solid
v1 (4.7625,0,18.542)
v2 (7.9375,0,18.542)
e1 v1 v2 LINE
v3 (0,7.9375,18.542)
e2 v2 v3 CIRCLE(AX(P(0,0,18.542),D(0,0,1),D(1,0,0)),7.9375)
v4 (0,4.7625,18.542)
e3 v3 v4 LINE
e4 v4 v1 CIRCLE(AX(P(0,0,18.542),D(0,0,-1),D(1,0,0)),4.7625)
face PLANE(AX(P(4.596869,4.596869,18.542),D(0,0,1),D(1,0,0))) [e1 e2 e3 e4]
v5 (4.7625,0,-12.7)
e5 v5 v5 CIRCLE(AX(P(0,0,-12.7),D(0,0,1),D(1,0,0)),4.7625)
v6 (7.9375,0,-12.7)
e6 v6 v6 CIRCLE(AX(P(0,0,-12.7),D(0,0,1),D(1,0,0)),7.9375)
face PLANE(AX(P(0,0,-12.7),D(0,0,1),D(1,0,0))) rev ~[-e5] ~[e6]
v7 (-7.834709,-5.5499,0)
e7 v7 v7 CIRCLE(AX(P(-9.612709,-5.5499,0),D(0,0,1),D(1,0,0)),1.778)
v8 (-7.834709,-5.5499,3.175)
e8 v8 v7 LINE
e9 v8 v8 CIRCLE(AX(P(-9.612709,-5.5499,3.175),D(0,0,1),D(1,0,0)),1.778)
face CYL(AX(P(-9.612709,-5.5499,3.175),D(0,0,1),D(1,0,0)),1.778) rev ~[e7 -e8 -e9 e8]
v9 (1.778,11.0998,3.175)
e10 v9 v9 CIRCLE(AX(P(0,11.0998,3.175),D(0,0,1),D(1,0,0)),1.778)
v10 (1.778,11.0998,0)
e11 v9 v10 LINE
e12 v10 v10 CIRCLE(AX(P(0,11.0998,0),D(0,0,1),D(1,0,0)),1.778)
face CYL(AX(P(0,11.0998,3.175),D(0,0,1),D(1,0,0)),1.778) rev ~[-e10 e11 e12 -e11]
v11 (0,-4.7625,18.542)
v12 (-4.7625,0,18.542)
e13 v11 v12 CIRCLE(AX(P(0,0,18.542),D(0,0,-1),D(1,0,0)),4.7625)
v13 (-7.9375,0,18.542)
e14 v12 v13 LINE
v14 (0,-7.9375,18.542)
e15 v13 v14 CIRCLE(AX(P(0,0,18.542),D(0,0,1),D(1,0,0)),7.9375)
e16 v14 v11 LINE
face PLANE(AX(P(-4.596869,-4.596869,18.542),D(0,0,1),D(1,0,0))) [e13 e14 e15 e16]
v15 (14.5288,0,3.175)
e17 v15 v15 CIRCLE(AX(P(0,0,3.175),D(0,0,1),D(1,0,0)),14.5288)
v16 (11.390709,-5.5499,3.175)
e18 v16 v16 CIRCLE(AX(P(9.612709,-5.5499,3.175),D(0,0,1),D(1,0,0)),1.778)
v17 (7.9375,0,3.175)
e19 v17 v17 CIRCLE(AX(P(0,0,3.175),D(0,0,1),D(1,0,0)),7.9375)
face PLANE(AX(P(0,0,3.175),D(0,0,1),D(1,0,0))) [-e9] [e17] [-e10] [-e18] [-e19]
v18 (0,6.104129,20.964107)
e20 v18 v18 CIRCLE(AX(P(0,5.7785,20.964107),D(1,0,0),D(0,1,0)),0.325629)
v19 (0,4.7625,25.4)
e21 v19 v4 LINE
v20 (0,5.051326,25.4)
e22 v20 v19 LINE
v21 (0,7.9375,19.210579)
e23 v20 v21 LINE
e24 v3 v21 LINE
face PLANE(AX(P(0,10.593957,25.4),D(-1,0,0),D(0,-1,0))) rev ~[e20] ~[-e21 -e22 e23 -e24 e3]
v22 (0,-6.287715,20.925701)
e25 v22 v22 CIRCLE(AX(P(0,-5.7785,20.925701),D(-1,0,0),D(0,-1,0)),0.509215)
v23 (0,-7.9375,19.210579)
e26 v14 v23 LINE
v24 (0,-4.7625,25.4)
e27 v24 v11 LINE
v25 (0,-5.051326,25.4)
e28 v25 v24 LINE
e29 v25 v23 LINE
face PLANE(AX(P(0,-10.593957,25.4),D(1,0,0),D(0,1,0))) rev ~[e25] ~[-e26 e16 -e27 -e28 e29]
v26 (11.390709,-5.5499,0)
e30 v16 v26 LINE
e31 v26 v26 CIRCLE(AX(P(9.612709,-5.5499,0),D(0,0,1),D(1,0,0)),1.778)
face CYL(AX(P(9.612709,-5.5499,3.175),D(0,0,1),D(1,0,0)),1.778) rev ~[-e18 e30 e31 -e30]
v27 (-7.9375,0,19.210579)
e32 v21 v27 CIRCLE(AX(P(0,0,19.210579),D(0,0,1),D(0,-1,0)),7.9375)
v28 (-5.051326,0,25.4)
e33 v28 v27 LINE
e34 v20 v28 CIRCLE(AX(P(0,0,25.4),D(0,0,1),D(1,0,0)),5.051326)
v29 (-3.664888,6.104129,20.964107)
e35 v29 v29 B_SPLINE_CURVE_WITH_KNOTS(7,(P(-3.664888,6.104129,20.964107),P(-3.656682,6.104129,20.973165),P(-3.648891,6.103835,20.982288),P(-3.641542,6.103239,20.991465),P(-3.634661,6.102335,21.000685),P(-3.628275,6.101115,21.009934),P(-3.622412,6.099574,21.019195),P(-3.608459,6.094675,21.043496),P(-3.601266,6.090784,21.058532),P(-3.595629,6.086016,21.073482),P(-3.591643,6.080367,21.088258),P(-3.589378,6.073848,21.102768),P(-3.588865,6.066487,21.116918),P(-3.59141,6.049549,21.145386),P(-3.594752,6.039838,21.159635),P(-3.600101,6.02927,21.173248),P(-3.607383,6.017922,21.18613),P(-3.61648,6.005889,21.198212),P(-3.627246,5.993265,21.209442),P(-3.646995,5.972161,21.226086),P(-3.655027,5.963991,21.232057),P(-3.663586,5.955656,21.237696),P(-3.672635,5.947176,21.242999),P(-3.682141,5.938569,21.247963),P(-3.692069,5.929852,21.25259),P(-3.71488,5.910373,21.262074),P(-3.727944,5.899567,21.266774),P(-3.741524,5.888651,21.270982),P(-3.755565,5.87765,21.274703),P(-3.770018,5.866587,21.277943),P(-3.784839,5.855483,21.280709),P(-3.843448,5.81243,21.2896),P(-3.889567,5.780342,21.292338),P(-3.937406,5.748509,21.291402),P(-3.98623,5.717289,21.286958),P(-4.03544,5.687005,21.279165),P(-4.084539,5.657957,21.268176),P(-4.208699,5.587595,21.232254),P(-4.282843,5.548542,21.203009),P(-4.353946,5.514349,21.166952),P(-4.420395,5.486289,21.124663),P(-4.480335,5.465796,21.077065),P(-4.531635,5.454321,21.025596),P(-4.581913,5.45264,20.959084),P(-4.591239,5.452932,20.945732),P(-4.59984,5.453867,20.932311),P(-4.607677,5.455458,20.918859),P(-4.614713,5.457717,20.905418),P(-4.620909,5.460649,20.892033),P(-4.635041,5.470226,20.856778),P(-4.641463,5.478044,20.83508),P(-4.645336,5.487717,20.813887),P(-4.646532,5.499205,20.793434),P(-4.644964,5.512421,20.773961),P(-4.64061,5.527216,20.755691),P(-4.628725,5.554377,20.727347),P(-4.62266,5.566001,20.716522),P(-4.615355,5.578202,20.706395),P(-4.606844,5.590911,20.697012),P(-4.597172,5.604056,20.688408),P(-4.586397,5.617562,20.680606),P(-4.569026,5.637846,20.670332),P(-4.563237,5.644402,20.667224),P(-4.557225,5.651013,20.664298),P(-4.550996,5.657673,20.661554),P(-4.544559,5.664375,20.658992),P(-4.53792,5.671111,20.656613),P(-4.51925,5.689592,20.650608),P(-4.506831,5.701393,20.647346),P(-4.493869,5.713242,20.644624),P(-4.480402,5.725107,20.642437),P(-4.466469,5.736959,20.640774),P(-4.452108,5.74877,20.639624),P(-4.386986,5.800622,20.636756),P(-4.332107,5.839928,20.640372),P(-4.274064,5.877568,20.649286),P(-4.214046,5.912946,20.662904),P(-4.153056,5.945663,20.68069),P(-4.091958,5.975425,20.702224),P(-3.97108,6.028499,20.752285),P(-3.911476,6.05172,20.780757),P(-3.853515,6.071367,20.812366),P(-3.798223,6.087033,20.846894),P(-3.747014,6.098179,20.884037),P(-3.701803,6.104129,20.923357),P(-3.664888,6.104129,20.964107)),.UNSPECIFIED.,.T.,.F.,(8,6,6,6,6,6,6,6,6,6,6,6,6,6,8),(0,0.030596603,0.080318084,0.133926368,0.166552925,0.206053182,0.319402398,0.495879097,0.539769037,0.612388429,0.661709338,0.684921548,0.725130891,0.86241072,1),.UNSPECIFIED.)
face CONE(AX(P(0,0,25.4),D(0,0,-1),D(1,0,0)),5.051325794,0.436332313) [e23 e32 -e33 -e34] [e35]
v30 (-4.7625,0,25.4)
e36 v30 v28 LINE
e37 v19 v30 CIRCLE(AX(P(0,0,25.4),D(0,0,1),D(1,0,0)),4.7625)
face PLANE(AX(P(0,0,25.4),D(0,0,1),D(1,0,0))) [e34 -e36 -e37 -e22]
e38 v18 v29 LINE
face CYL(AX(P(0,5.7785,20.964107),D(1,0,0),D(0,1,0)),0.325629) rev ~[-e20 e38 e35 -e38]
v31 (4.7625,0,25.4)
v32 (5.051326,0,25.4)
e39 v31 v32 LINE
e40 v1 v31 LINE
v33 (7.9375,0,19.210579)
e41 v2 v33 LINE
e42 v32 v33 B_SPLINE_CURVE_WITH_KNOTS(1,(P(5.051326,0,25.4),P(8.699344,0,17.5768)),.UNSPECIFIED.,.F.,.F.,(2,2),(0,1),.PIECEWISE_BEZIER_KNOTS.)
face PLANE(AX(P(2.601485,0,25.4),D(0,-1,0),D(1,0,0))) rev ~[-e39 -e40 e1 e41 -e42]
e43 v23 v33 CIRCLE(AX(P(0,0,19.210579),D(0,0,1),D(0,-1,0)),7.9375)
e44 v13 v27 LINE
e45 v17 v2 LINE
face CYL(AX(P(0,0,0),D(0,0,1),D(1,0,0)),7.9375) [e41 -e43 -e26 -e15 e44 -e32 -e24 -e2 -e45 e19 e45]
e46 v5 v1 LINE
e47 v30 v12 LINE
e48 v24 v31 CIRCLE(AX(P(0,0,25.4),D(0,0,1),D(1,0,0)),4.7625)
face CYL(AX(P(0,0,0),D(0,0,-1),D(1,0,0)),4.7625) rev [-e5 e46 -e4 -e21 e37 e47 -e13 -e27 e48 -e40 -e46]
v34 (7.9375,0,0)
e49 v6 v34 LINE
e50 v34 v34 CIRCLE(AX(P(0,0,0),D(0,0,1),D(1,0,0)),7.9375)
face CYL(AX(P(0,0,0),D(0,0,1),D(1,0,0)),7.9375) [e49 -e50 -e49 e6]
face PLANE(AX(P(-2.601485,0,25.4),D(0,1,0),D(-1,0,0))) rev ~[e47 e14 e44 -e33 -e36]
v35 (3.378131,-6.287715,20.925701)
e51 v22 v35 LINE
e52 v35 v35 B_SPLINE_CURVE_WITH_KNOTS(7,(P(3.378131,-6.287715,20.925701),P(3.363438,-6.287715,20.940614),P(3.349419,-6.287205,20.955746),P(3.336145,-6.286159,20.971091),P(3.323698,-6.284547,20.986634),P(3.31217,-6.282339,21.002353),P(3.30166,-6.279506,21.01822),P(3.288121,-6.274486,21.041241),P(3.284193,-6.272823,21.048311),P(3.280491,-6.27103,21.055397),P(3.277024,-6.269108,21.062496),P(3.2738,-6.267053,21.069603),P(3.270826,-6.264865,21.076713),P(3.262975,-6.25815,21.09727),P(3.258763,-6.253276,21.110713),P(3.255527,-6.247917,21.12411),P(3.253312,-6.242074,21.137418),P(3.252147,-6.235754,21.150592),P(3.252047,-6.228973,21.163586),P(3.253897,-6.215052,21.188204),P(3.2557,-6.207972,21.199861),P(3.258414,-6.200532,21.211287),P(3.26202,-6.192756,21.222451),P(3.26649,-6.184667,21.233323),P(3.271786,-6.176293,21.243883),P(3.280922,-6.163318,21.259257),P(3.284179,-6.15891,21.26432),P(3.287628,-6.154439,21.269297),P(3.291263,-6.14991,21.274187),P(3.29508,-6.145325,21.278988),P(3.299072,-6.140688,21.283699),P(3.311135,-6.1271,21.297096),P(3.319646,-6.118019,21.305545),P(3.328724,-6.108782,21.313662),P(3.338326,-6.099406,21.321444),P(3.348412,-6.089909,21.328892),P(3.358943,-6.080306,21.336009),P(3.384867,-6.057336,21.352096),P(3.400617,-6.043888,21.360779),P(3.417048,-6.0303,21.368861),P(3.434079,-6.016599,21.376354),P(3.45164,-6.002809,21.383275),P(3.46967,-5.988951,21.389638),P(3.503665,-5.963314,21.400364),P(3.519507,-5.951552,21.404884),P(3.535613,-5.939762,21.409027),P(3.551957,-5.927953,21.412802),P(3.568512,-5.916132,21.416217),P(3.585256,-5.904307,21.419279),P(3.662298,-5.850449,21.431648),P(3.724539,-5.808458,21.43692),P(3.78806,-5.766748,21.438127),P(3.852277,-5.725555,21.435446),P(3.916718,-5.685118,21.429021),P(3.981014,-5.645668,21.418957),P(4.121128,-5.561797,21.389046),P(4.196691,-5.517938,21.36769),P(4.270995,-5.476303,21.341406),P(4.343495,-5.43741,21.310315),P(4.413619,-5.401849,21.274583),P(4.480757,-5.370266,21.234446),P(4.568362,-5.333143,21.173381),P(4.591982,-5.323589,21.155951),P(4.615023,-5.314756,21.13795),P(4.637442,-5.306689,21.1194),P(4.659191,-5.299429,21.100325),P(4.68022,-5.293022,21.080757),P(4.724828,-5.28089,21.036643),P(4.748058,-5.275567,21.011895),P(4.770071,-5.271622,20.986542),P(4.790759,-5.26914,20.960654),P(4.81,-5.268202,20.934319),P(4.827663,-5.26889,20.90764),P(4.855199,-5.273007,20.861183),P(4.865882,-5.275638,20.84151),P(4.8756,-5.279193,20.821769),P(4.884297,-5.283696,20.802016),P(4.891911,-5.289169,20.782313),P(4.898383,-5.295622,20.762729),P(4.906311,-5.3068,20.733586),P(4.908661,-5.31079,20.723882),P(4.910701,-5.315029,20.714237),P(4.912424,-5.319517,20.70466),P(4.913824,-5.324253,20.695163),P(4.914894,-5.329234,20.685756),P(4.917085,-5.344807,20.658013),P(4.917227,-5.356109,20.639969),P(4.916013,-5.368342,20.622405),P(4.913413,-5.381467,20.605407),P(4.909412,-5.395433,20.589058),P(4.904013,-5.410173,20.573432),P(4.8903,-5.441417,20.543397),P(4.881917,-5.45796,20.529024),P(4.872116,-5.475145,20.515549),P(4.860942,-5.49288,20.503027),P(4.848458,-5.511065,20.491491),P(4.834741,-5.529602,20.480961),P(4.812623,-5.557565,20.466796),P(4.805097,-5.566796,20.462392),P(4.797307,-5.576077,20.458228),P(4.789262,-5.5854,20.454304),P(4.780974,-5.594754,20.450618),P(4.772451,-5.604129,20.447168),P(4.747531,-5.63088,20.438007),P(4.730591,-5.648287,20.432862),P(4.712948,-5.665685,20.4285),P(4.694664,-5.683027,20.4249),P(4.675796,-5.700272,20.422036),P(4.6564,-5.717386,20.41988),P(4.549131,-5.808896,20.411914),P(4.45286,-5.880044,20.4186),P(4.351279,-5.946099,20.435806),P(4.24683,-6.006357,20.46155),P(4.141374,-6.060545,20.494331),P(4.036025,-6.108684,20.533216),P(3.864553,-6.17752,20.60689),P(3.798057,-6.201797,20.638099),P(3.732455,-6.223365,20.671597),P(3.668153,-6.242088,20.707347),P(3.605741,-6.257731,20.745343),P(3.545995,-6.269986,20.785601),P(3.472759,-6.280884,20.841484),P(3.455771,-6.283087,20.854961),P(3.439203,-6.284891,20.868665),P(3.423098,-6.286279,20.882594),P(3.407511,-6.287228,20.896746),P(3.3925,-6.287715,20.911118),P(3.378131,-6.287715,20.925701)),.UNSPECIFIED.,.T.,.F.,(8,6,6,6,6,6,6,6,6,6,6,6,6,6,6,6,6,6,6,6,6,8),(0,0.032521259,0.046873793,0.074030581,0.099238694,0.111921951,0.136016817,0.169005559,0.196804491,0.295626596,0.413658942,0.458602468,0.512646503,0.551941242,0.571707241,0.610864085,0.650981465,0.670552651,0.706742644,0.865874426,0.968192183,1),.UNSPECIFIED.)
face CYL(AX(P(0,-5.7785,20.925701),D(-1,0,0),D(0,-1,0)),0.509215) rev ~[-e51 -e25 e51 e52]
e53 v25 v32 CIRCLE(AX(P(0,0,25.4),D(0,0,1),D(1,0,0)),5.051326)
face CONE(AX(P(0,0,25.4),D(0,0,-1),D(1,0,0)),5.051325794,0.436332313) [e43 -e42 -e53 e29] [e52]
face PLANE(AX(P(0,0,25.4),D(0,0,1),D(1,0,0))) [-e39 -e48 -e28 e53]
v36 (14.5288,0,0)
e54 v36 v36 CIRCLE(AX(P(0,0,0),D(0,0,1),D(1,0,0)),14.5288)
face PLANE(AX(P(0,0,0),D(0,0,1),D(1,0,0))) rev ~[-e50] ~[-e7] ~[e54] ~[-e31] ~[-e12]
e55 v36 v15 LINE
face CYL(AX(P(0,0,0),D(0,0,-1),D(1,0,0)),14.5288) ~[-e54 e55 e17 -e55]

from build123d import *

# Parameters (mm, degrees)
F0_R          = 7.9375
F0_R_2        = 4.7625
F1_DEPTH      = 25.4
F1_DEPTH_BACK = 12.7
F3_DEPTH      = 6.858
F4_R          = 11.421726494
F4_R_2        = 5.0513257944
F5_DEPTH      = 7.8232
F5_TAPER      = 25
F6_R          = 14.5288
F6_R_2        = 4.7625
F7_DEPTH      = 3.175
F8_R          = 1.778
F9_DEPTH      = 15.876
F10_R         = 0.325628867
F11_DEPTH     = 25.4
F12_R         = 0.5092148408
F13_DEPTH     = 25.4


with BuildPart() as f1:
    # F0 (on Top) → F1 (new body, two sides)
    with BuildSketch(Plane.XY) as f1_sk:
        Circle(F0_R)
        Circle(F0_R_2, mode=Mode.SUBTRACT)
    extrude(amount=F1_DEPTH)
    extrude(f1_sk.sketch, amount=-F1_DEPTH_BACK)

    # F2 (on face) → F3 (cut)
    with BuildSketch(Plane.XY.offset(25.4)):
        with BuildLine():
            Line((-2.6014847011, 0), (-10.5939569366, 0))
            ThreePointArc((-10.5939569366, 0), (-7.4910587894, -7.4910587894), (0, -10.5939569366))
            Line((0, -10.5939569366), (0, -2.6014847011))
            ThreePointArc((0, -2.6014847011), (-1.8395274733, -1.8395274733), (-2.6014847011, 0))
        make_face()
        with BuildLine():
            ThreePointArc((0, 2.6014847011), (1.8395274733, 1.8395274733), (2.6014847011, 0))
            Line((2.6014847011, 0), (10.5939569366, 0))
            ThreePointArc((10.5939569366, 0), (7.4910587894, 7.4910587894), (0, 10.5939569366))
            Line((0, 10.5939569366), (0, 2.6014847011))
        make_face()
    extrude(amount=-F3_DEPTH, mode=Mode.SUBTRACT)

    # F4 (on face) → F5 (cut)
    with BuildSketch(Plane.XY.offset(25.4)):
        Circle(F4_R)
        Circle(F4_R_2, mode=Mode.SUBTRACT)
    extrude(amount=-F5_DEPTH, taper=F5_TAPER, mode=Mode.SUBTRACT)

    # F6 (on Top) → F7 (join)
    with BuildSketch(Plane.XY):
        Circle(F6_R)
        Circle(F6_R_2, mode=Mode.SUBTRACT)
    extrude(amount=F7_DEPTH)

    # F8 (on face) → F9 (cut, through all)
    with BuildSketch(Plane.XY.offset(3.175)):
        with Locations((0, 11.0998)):
            Circle(F8_R)
        with Locations((9.6127087769, -5.5499)):
            Circle(F8_R)
        with Locations((-9.6127087769, -5.5499)):
            Circle(F8_R)
    extrude(amount=-F9_DEPTH, mode=Mode.SUBTRACT)

    # F10 (on face) → F11 (cut)
    with BuildSketch(Plane.YZ):
        with Locations((5.7785, 20.9641065449)):
            Circle(F10_R)
    extrude(amount=-F11_DEPTH, mode=Mode.SUBTRACT)

    # F12 (on face) → F13 (cut)
    with BuildSketch(Plane(origin=(0, 0, 0), x_dir=(0, -1, 0), z_dir=(-1, 0, 0))):
        with Locations((5.7785, 20.9257006645)):
            Circle(F12_R)
    extrude(amount=-F13_DEPTH, mode=Mode.SUBTRACT)


solid = f1.part
